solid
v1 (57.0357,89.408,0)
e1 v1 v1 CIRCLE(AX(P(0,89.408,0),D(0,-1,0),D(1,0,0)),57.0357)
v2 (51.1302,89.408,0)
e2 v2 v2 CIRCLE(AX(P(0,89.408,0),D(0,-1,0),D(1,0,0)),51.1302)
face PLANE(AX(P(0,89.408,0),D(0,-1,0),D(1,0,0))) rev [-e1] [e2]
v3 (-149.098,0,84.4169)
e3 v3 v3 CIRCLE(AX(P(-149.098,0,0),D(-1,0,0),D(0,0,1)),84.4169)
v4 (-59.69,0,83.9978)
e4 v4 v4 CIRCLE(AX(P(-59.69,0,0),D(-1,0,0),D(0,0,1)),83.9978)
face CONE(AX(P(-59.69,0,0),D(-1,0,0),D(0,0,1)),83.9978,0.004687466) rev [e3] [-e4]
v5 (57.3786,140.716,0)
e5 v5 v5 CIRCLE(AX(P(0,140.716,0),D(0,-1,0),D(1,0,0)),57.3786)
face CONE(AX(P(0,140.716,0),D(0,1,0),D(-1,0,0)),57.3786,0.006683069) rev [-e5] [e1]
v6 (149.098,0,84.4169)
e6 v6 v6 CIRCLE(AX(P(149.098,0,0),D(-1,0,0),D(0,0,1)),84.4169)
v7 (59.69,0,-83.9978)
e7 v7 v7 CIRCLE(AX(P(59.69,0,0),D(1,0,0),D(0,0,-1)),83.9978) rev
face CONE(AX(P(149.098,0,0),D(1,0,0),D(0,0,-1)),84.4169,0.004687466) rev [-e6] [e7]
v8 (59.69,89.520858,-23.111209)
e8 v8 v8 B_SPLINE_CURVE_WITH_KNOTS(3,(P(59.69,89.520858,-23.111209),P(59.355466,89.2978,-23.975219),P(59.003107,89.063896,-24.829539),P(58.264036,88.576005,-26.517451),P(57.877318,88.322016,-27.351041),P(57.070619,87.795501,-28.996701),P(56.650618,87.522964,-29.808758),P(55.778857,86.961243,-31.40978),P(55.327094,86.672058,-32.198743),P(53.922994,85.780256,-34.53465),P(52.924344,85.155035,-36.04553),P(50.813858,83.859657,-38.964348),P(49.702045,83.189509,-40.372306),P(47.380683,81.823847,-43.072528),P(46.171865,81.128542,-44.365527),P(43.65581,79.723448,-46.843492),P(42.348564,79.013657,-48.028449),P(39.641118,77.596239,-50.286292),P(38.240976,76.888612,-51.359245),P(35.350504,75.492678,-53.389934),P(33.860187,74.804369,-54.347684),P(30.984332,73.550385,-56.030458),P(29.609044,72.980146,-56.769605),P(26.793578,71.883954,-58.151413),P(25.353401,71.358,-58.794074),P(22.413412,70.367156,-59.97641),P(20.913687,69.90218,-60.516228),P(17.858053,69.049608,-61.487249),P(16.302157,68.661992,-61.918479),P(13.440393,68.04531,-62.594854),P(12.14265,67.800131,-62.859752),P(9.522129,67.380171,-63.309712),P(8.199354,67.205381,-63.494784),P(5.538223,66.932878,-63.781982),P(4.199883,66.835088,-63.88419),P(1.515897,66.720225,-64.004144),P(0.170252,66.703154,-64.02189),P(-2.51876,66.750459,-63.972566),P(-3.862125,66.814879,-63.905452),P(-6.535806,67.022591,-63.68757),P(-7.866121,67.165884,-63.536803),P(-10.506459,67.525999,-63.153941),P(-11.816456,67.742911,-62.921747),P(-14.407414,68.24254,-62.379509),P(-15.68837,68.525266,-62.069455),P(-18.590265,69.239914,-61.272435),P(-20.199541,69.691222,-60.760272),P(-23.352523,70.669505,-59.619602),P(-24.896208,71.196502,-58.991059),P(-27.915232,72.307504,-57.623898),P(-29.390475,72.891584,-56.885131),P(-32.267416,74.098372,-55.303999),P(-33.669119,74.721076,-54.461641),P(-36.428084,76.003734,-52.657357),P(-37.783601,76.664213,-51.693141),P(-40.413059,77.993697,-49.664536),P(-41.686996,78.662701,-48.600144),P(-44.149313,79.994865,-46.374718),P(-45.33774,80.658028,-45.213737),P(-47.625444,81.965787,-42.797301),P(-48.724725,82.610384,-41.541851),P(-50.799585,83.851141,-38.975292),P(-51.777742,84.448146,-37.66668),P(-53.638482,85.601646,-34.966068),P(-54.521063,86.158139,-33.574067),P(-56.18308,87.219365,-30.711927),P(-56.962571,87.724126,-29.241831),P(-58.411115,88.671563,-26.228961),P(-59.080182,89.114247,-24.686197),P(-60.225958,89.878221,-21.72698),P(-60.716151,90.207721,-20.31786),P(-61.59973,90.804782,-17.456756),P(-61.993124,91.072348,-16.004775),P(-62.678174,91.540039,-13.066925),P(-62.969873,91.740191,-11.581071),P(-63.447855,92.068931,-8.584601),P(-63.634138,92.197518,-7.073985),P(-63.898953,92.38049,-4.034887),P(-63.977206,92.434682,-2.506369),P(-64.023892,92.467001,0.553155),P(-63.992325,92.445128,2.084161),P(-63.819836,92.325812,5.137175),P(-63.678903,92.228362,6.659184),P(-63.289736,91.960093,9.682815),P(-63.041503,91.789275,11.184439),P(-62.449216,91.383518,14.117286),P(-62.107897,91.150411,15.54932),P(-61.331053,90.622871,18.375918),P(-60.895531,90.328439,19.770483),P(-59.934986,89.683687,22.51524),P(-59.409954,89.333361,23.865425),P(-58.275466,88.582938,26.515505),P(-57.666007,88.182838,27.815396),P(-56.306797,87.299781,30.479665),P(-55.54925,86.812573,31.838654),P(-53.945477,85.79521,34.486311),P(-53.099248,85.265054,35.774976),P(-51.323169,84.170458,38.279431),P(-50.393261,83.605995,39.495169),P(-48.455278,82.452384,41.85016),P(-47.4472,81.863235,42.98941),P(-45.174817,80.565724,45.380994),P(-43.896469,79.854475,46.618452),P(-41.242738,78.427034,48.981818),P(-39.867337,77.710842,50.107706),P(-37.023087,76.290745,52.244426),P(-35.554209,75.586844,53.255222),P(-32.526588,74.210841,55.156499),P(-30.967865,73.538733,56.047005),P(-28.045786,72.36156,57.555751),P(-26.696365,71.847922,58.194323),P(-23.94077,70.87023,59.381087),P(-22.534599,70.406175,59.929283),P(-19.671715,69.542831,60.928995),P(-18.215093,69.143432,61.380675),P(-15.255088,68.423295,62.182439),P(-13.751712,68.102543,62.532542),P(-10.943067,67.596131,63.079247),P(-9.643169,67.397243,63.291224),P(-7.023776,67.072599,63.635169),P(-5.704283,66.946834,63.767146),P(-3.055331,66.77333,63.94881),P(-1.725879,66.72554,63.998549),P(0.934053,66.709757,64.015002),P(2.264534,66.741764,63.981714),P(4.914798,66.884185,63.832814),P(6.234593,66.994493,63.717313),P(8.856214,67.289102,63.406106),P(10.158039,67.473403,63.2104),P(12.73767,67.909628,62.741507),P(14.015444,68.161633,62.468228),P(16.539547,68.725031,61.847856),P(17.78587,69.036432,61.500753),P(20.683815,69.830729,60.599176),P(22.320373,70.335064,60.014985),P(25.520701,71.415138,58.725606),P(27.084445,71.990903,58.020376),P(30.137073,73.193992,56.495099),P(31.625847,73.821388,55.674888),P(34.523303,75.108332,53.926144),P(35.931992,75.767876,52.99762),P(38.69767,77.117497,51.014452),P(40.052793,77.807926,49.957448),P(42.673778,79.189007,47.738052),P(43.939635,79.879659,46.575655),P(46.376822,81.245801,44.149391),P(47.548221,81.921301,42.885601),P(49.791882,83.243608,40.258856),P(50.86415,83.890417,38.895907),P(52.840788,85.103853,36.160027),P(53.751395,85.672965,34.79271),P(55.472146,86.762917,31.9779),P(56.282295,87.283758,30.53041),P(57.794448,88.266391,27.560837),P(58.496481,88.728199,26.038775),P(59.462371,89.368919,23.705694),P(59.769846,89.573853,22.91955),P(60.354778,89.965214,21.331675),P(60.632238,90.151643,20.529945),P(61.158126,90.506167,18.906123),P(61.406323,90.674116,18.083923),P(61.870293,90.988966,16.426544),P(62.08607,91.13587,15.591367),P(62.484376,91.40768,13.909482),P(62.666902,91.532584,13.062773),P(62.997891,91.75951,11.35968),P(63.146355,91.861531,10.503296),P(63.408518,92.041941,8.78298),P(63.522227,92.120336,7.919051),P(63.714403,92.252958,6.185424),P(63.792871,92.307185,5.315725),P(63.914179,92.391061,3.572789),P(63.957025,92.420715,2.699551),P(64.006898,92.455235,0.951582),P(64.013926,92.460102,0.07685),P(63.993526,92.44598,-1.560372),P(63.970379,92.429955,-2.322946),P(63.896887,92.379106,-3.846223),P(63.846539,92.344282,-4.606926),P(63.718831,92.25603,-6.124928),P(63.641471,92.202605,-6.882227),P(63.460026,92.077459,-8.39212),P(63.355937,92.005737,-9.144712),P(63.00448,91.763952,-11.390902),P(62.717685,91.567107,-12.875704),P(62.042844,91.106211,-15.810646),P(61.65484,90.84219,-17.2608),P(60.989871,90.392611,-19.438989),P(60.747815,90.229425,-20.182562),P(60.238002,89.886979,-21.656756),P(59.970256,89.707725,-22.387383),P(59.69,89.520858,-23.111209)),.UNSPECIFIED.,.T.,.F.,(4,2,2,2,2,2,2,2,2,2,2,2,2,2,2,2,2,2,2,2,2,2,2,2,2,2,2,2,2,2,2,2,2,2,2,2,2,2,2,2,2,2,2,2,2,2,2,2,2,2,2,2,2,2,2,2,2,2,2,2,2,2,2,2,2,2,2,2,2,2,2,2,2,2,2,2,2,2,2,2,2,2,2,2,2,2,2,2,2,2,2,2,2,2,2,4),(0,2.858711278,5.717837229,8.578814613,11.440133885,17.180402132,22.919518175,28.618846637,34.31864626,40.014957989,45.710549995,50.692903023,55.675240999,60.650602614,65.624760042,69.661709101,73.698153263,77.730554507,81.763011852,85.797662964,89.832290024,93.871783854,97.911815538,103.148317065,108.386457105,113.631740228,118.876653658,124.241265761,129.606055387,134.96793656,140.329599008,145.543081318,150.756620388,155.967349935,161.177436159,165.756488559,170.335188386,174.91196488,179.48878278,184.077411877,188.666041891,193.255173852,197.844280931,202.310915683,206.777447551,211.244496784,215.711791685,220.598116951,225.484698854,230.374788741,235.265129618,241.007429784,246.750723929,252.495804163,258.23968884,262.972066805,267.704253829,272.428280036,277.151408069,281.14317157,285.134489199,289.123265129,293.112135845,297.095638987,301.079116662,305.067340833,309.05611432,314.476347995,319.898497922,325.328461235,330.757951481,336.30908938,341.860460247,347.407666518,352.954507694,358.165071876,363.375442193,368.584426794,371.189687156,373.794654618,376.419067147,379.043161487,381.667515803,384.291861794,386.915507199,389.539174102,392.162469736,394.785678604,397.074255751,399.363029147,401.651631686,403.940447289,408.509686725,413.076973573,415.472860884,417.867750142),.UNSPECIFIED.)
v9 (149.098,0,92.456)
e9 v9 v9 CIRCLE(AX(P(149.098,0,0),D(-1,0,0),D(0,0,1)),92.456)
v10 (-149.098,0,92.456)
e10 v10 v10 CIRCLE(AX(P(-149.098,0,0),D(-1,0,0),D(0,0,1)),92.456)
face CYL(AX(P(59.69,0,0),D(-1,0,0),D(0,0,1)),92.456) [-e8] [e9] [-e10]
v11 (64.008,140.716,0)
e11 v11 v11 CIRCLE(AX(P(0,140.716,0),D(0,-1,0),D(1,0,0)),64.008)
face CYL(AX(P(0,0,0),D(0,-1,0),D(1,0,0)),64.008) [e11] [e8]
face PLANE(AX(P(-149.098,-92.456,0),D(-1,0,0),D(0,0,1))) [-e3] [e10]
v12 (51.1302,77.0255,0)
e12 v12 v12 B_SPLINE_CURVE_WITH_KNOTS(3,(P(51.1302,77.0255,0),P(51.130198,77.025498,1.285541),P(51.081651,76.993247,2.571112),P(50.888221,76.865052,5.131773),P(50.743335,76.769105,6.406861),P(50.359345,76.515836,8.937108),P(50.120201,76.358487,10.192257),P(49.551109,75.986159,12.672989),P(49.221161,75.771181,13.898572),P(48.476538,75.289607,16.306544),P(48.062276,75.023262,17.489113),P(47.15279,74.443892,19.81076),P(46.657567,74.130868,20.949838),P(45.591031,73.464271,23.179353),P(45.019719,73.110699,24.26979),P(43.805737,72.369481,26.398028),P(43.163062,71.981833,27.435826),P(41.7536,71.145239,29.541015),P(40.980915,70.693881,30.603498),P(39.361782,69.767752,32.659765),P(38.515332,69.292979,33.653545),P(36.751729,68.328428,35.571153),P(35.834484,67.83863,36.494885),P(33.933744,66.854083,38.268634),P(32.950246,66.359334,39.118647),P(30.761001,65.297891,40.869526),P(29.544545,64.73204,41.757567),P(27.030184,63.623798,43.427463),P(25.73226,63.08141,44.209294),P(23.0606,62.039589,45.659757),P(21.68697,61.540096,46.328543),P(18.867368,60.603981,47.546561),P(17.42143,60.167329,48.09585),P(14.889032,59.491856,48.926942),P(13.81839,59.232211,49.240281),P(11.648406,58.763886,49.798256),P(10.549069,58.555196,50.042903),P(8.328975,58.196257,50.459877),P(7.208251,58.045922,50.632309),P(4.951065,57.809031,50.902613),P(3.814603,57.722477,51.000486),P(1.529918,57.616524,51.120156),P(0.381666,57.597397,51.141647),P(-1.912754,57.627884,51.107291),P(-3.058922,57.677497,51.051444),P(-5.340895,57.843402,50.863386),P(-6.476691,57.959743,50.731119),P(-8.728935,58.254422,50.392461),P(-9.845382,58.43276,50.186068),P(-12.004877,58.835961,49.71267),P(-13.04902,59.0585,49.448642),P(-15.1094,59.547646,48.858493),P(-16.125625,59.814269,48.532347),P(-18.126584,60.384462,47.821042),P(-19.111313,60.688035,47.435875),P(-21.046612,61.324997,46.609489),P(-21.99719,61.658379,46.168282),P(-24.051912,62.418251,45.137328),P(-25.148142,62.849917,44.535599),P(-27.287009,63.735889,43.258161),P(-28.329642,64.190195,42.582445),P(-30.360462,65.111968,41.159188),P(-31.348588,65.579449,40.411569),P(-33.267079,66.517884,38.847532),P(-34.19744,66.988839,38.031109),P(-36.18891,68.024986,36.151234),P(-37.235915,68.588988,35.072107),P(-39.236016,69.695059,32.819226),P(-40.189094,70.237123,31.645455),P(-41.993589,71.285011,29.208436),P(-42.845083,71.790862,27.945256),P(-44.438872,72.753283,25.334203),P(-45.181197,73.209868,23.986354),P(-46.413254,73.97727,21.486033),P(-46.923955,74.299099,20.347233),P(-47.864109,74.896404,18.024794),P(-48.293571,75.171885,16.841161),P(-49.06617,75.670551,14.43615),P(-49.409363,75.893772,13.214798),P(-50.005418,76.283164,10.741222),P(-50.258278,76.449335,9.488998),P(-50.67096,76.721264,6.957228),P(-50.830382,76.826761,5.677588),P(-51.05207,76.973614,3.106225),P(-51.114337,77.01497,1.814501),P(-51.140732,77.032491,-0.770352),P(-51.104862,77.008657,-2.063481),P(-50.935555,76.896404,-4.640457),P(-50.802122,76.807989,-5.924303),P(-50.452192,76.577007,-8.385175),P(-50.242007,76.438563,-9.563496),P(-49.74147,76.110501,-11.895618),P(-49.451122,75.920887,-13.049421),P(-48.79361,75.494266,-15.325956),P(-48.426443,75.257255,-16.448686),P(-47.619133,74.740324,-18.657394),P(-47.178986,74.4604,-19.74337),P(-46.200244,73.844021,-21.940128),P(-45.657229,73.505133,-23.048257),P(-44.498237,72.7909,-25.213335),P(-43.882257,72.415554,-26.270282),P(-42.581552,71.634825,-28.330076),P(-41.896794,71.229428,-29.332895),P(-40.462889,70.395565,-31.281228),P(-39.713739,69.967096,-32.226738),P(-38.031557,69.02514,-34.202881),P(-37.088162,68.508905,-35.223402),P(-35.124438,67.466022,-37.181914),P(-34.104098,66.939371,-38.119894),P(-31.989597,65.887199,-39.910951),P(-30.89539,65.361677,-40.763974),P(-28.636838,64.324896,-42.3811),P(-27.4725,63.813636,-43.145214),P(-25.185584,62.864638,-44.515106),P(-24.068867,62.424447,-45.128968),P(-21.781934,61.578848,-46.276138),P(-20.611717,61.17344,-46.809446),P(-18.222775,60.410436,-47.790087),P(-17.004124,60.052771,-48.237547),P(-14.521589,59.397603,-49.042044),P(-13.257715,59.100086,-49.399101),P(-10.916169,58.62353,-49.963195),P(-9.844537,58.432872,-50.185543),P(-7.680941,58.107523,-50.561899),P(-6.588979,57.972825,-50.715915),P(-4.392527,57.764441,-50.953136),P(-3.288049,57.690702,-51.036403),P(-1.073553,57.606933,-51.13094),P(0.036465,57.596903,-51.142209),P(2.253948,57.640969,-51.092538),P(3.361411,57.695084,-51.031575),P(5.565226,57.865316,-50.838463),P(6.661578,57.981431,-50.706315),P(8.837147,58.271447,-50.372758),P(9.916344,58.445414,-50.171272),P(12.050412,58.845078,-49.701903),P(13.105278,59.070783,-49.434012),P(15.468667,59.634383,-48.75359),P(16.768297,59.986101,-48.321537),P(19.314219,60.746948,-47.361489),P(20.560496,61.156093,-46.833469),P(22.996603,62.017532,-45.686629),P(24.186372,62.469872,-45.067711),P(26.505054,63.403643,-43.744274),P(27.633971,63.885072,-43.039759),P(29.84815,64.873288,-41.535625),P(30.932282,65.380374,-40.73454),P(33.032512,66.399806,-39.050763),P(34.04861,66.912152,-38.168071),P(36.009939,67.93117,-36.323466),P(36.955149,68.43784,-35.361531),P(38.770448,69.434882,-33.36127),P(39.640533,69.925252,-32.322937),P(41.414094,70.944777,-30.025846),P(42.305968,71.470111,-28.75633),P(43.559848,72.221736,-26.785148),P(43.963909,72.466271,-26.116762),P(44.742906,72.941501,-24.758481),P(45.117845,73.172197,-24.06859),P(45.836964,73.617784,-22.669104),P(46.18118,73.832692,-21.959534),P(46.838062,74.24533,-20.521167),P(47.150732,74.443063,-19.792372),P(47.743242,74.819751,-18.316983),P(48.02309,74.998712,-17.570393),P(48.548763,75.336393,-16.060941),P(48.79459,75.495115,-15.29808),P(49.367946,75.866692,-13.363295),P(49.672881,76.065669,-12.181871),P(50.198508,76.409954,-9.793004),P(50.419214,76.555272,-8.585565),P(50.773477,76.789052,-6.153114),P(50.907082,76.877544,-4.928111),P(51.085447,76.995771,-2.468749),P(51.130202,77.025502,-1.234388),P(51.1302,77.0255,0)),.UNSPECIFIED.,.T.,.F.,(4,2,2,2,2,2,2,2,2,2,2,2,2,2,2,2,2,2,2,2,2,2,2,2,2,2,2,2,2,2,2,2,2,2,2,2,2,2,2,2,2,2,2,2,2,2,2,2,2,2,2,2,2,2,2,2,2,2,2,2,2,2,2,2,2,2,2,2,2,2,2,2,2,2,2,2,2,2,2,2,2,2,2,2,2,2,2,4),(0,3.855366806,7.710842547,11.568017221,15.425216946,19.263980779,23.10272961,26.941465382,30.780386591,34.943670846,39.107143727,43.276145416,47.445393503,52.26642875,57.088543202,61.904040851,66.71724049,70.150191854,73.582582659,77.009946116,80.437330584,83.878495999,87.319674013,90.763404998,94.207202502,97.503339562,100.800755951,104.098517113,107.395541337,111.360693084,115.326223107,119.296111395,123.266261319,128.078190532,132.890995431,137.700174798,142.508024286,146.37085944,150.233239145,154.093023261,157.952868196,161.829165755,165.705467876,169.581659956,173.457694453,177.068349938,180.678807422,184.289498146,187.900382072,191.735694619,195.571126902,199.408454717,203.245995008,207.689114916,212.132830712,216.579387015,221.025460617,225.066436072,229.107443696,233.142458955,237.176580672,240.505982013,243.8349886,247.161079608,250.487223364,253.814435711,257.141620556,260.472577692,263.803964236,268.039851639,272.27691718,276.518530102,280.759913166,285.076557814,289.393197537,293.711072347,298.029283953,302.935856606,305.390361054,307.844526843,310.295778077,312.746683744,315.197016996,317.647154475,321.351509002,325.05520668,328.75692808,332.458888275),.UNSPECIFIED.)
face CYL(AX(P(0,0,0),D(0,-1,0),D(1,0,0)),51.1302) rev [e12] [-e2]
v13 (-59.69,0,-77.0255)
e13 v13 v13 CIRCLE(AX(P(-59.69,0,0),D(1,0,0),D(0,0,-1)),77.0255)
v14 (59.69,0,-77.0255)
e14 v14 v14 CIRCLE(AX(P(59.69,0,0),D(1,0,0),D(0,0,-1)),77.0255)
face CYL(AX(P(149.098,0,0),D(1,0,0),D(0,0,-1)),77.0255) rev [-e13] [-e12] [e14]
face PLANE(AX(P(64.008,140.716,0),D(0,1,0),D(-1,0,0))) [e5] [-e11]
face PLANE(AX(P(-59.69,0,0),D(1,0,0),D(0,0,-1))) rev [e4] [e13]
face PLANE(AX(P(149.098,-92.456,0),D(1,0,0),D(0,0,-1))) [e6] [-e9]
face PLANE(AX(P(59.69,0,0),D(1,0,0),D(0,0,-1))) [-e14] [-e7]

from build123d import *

# Parameters (mm, degrees)
SKETCH4_R           = 92.456
BOSS_EXTRUDE1_DEPTH = 119.38
SKETCH5_R           = 64.008
BOSS_EXTRUDE2_DEPTH = 89.408


with BuildPart() as part:
    # Sketch1 → Revolve1 (revolve)
    with BuildSketch(Plane.XY):
        Polygon((-149.098, -92.456), (-59.69, -92.456), (-59.69, -83.9978), (-149.098, -84.4169), align=None)
        Polygon((149.098, -84.4169), (59.69, -83.9978), (59.69, -92.456), (149.098, -92.456), align=None)
    revolve(axis=Axis((-149.098, 0, 0), (1, 0, 0)))



with BuildPart() as body_2:
    # Sketch2 → Revolve2 (revolve)
    with BuildSketch(Plane.XY):
        Polygon((57.3786, 140.716), (57.0357, 89.408), (64.008, 89.408), (64.008, 140.716), align=None)
    revolve(axis=Axis((0, 0, 0), (0, 1, 0)))


with BuildPart() as part_1:
    add(part.part)

    add(body_2.part)  # Boss-Extrude1 merges body 2
    # Sketch4 → Boss-Extrude1 (add)
    with BuildSketch(Plane(origin=(-59.69, 0, 0), x_dir=(0, 0, -1), z_dir=(1, 0, 0))):
        Circle(SKETCH4_R)
    extrude(amount=BOSS_EXTRUDE1_DEPTH)

    # Sketch5 → Boss-Extrude2 (add)
    with BuildSketch(Plane.XZ.offset(-89.408)):
        Circle(SKETCH5_R)
    extrude(amount=BOSS_EXTRUDE2_DEPTH)

    # Sketch6 → Cut-Revolve1 (revolve, cut)
    with BuildSketch(Plane.XY):
        Polygon((-149.098, -84.4169), (-59.69, -83.9978), (-59.69, -77.0255), (59.69, -77.0255), (59.69, -83.9978), (149.098, -84.4169), (149.098, 0), (-149.098, 0), align=None)
    revolve(axis=Axis((149.098, 0, 0), (-1, 0, 0)), mode=Mode.SUBTRACT)

    # Sketch7 → Cut-Revolve2 (revolve, cut)
    with BuildSketch(Plane.XY):
        Polygon((57.3786, 140.716), (57.0357, 89.408), (51.1302, 89.408), (51.1302, 0), (0, 0), (0, 140.716), align=None)
    revolve(axis=Axis((0, 0, 0), (0, 1, 0)), mode=Mode.SUBTRACT)


solid = part_1.part
